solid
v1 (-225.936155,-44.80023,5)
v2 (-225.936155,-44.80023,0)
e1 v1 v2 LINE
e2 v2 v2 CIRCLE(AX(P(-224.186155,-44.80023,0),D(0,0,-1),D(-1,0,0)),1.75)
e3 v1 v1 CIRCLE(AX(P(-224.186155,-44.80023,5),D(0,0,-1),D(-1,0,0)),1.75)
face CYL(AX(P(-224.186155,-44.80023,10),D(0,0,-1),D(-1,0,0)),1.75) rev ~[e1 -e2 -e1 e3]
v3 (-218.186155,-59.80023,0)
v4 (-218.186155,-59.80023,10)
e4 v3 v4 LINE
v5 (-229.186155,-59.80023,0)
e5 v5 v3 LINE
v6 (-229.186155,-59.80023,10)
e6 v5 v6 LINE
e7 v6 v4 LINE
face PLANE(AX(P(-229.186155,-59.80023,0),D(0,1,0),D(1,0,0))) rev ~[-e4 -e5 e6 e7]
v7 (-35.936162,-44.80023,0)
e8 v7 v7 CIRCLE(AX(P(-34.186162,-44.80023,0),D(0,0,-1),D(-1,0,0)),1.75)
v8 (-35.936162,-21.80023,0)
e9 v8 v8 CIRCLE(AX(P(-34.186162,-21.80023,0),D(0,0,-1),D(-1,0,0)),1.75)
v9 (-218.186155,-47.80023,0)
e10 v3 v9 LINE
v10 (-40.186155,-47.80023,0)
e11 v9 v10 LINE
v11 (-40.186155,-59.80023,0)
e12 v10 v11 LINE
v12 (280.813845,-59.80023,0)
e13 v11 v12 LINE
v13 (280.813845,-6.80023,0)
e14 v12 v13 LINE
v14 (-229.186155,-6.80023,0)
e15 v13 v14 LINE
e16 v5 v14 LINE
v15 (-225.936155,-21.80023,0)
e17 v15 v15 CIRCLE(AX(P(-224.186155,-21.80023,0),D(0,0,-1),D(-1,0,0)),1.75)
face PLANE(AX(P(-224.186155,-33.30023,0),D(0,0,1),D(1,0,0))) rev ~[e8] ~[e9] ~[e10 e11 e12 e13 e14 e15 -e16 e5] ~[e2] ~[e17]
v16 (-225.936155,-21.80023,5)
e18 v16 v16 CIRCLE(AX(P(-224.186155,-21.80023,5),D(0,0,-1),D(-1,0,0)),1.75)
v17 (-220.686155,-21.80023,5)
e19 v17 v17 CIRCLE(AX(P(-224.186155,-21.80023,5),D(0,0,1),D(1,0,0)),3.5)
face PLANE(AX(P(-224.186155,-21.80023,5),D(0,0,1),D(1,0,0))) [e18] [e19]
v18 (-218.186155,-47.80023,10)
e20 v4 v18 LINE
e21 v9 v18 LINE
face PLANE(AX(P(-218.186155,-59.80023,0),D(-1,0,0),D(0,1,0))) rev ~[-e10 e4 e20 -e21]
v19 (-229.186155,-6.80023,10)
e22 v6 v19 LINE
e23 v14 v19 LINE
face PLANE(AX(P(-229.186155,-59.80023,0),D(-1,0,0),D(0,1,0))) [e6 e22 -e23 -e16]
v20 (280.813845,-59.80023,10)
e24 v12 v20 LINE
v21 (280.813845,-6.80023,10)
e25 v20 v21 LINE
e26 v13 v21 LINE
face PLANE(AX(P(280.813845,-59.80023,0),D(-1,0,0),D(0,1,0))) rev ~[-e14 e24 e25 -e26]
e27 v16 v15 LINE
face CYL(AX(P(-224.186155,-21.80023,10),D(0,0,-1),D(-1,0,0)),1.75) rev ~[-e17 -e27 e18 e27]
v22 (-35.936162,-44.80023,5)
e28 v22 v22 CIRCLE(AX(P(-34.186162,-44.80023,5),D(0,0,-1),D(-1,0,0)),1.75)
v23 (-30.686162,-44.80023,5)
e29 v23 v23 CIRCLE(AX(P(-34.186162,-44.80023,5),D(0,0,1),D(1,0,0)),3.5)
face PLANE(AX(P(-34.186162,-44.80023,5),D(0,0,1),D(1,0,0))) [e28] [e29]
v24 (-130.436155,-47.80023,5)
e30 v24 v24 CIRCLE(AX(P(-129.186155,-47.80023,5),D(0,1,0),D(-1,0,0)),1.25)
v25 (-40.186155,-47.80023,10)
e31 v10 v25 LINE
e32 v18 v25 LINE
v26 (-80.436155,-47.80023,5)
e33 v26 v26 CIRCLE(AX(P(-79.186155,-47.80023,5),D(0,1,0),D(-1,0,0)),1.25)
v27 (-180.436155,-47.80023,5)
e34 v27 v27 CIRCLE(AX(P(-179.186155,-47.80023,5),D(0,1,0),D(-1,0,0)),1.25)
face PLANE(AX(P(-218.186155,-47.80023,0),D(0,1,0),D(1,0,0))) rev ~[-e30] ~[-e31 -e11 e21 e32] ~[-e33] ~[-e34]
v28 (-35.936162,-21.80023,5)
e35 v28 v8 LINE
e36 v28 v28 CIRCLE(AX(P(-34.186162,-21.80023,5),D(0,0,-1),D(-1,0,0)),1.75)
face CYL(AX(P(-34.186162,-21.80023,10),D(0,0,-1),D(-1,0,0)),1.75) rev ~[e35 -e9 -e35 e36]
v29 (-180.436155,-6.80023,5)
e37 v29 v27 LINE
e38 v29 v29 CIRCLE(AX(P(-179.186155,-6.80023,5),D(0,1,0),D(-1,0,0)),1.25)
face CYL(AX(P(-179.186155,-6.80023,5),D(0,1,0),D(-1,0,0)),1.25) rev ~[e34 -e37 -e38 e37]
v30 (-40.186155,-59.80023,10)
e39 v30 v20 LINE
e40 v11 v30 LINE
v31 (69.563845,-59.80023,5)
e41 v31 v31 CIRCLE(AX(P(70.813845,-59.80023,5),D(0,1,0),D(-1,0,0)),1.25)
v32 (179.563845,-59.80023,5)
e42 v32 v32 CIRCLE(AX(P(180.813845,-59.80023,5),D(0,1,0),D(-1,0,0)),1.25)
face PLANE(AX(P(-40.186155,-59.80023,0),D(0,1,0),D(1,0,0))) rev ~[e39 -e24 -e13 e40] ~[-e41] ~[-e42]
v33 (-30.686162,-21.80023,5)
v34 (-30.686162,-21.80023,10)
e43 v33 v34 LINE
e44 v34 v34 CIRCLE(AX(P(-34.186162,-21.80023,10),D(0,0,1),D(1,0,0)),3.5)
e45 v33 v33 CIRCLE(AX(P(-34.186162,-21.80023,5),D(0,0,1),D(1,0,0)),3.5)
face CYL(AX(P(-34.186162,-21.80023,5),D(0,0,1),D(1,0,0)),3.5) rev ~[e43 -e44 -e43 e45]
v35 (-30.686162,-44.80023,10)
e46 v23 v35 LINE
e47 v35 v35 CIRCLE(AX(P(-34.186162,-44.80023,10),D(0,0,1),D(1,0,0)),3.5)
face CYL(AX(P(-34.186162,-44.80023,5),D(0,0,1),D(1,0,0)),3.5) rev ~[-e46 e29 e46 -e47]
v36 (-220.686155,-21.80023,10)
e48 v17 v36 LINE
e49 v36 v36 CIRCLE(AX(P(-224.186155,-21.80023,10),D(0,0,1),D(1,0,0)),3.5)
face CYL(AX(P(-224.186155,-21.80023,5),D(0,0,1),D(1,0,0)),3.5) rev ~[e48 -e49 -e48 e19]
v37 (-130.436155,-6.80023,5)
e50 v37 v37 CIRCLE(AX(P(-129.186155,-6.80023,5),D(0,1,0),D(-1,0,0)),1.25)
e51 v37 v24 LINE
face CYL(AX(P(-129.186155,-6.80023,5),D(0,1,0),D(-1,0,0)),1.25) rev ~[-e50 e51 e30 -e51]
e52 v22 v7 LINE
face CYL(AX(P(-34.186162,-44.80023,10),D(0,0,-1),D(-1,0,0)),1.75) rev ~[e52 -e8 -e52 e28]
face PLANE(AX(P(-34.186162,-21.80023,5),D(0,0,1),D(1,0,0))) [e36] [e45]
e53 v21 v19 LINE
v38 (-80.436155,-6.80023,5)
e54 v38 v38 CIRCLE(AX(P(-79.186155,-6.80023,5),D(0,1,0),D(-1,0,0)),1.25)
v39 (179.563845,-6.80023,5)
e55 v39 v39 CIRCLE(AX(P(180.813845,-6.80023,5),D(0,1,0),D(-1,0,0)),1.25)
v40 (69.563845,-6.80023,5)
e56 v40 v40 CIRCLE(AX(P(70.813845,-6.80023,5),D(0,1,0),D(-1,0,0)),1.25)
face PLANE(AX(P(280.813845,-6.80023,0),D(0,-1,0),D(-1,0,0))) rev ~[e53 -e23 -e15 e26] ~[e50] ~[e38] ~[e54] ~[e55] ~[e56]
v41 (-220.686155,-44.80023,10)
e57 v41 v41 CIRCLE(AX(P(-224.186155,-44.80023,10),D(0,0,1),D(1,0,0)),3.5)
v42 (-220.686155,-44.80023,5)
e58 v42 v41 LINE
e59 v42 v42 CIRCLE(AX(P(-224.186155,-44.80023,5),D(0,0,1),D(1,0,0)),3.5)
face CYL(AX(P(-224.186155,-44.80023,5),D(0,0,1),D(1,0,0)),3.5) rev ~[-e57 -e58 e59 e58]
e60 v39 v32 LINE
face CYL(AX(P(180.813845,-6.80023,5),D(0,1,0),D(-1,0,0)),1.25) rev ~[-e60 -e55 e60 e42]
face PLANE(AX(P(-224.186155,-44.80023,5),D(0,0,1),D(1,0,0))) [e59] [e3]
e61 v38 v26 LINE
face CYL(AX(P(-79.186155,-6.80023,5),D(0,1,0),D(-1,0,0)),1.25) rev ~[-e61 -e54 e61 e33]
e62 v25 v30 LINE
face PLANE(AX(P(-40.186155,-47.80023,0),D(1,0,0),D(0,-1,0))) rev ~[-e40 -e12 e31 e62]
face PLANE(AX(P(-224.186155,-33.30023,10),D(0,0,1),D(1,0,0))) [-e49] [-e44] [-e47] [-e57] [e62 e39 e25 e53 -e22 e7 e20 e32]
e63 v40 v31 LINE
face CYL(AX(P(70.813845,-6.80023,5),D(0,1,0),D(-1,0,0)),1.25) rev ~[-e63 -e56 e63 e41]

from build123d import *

# Parameters (mm, degrees)
F0_W           = 10
F0_H           = 53
F0_W_2         = 310
F1_DEPTH       = 10
F3_D           = 3.5
F3_CBORE_D     = 7
F3_CBORE_DEPTH = 5
F4_R           = 1.25
F5_DEPTH       = 53


with BuildPart() as f1:
    # F0 (on Top) → F1 (new body)
    with BuildSketch(Plane.XY):
        with Locations((-224.1861552, -33.3002303571)):
            Rectangle(F0_W, F0_H)
        Polygon((-39.1861552, -6.8002303571), (-219.1861552, -6.8002303571), (-219.1861552, -59.8002303571), (-218.1861552, -59.8002303571), (-218.1861552, -47.8002303571), (-40.1861552, -47.8002303571), (-40.1861552, -59.8002303571), (-39.1861552, -59.8002303571), align=None)
        with Locations((-34.1861552, -33.3002303571)):
            Rectangle(F0_W, F0_H)
        with Locations((125.8138448, -33.3002303571)):
            Rectangle(F0_W_2, F0_H)
    extrude(amount=F1_DEPTH)

    # F3 (through all)
    with Locations(Plane.XY.offset(10)):
        with Locations((-224.1861552, -21.8002303571), (-224.1861552, -44.8002303571), (-34.1861620545, -21.8002303571), (-34.1861620545, -44.8002303571)):
            CounterBoreHole(F3_D / 2, F3_CBORE_D / 2, F3_CBORE_DEPTH)

    # F4 (on face) → F5 (cut, through all)
    with BuildSketch(Plane(origin=(0, -6.8002303571, 0), x_dir=(-1, 0, 0), z_dir=(0, 1, 0))):
        with Locations((-180.8138448, 5)):
            Circle(F4_R)
        with Locations((-70.8138448, 5)):
            Circle(F4_R)
        with Locations((79.1861552, 5)):
            Circle(F4_R)
        with Locations((129.1861552, 5)):
            Circle(F4_R)
        with Locations((179.1861552, 5)):
            Circle(F4_R)
    extrude(amount=-F5_DEPTH, mode=Mode.SUBTRACT)


solid = f1.part
